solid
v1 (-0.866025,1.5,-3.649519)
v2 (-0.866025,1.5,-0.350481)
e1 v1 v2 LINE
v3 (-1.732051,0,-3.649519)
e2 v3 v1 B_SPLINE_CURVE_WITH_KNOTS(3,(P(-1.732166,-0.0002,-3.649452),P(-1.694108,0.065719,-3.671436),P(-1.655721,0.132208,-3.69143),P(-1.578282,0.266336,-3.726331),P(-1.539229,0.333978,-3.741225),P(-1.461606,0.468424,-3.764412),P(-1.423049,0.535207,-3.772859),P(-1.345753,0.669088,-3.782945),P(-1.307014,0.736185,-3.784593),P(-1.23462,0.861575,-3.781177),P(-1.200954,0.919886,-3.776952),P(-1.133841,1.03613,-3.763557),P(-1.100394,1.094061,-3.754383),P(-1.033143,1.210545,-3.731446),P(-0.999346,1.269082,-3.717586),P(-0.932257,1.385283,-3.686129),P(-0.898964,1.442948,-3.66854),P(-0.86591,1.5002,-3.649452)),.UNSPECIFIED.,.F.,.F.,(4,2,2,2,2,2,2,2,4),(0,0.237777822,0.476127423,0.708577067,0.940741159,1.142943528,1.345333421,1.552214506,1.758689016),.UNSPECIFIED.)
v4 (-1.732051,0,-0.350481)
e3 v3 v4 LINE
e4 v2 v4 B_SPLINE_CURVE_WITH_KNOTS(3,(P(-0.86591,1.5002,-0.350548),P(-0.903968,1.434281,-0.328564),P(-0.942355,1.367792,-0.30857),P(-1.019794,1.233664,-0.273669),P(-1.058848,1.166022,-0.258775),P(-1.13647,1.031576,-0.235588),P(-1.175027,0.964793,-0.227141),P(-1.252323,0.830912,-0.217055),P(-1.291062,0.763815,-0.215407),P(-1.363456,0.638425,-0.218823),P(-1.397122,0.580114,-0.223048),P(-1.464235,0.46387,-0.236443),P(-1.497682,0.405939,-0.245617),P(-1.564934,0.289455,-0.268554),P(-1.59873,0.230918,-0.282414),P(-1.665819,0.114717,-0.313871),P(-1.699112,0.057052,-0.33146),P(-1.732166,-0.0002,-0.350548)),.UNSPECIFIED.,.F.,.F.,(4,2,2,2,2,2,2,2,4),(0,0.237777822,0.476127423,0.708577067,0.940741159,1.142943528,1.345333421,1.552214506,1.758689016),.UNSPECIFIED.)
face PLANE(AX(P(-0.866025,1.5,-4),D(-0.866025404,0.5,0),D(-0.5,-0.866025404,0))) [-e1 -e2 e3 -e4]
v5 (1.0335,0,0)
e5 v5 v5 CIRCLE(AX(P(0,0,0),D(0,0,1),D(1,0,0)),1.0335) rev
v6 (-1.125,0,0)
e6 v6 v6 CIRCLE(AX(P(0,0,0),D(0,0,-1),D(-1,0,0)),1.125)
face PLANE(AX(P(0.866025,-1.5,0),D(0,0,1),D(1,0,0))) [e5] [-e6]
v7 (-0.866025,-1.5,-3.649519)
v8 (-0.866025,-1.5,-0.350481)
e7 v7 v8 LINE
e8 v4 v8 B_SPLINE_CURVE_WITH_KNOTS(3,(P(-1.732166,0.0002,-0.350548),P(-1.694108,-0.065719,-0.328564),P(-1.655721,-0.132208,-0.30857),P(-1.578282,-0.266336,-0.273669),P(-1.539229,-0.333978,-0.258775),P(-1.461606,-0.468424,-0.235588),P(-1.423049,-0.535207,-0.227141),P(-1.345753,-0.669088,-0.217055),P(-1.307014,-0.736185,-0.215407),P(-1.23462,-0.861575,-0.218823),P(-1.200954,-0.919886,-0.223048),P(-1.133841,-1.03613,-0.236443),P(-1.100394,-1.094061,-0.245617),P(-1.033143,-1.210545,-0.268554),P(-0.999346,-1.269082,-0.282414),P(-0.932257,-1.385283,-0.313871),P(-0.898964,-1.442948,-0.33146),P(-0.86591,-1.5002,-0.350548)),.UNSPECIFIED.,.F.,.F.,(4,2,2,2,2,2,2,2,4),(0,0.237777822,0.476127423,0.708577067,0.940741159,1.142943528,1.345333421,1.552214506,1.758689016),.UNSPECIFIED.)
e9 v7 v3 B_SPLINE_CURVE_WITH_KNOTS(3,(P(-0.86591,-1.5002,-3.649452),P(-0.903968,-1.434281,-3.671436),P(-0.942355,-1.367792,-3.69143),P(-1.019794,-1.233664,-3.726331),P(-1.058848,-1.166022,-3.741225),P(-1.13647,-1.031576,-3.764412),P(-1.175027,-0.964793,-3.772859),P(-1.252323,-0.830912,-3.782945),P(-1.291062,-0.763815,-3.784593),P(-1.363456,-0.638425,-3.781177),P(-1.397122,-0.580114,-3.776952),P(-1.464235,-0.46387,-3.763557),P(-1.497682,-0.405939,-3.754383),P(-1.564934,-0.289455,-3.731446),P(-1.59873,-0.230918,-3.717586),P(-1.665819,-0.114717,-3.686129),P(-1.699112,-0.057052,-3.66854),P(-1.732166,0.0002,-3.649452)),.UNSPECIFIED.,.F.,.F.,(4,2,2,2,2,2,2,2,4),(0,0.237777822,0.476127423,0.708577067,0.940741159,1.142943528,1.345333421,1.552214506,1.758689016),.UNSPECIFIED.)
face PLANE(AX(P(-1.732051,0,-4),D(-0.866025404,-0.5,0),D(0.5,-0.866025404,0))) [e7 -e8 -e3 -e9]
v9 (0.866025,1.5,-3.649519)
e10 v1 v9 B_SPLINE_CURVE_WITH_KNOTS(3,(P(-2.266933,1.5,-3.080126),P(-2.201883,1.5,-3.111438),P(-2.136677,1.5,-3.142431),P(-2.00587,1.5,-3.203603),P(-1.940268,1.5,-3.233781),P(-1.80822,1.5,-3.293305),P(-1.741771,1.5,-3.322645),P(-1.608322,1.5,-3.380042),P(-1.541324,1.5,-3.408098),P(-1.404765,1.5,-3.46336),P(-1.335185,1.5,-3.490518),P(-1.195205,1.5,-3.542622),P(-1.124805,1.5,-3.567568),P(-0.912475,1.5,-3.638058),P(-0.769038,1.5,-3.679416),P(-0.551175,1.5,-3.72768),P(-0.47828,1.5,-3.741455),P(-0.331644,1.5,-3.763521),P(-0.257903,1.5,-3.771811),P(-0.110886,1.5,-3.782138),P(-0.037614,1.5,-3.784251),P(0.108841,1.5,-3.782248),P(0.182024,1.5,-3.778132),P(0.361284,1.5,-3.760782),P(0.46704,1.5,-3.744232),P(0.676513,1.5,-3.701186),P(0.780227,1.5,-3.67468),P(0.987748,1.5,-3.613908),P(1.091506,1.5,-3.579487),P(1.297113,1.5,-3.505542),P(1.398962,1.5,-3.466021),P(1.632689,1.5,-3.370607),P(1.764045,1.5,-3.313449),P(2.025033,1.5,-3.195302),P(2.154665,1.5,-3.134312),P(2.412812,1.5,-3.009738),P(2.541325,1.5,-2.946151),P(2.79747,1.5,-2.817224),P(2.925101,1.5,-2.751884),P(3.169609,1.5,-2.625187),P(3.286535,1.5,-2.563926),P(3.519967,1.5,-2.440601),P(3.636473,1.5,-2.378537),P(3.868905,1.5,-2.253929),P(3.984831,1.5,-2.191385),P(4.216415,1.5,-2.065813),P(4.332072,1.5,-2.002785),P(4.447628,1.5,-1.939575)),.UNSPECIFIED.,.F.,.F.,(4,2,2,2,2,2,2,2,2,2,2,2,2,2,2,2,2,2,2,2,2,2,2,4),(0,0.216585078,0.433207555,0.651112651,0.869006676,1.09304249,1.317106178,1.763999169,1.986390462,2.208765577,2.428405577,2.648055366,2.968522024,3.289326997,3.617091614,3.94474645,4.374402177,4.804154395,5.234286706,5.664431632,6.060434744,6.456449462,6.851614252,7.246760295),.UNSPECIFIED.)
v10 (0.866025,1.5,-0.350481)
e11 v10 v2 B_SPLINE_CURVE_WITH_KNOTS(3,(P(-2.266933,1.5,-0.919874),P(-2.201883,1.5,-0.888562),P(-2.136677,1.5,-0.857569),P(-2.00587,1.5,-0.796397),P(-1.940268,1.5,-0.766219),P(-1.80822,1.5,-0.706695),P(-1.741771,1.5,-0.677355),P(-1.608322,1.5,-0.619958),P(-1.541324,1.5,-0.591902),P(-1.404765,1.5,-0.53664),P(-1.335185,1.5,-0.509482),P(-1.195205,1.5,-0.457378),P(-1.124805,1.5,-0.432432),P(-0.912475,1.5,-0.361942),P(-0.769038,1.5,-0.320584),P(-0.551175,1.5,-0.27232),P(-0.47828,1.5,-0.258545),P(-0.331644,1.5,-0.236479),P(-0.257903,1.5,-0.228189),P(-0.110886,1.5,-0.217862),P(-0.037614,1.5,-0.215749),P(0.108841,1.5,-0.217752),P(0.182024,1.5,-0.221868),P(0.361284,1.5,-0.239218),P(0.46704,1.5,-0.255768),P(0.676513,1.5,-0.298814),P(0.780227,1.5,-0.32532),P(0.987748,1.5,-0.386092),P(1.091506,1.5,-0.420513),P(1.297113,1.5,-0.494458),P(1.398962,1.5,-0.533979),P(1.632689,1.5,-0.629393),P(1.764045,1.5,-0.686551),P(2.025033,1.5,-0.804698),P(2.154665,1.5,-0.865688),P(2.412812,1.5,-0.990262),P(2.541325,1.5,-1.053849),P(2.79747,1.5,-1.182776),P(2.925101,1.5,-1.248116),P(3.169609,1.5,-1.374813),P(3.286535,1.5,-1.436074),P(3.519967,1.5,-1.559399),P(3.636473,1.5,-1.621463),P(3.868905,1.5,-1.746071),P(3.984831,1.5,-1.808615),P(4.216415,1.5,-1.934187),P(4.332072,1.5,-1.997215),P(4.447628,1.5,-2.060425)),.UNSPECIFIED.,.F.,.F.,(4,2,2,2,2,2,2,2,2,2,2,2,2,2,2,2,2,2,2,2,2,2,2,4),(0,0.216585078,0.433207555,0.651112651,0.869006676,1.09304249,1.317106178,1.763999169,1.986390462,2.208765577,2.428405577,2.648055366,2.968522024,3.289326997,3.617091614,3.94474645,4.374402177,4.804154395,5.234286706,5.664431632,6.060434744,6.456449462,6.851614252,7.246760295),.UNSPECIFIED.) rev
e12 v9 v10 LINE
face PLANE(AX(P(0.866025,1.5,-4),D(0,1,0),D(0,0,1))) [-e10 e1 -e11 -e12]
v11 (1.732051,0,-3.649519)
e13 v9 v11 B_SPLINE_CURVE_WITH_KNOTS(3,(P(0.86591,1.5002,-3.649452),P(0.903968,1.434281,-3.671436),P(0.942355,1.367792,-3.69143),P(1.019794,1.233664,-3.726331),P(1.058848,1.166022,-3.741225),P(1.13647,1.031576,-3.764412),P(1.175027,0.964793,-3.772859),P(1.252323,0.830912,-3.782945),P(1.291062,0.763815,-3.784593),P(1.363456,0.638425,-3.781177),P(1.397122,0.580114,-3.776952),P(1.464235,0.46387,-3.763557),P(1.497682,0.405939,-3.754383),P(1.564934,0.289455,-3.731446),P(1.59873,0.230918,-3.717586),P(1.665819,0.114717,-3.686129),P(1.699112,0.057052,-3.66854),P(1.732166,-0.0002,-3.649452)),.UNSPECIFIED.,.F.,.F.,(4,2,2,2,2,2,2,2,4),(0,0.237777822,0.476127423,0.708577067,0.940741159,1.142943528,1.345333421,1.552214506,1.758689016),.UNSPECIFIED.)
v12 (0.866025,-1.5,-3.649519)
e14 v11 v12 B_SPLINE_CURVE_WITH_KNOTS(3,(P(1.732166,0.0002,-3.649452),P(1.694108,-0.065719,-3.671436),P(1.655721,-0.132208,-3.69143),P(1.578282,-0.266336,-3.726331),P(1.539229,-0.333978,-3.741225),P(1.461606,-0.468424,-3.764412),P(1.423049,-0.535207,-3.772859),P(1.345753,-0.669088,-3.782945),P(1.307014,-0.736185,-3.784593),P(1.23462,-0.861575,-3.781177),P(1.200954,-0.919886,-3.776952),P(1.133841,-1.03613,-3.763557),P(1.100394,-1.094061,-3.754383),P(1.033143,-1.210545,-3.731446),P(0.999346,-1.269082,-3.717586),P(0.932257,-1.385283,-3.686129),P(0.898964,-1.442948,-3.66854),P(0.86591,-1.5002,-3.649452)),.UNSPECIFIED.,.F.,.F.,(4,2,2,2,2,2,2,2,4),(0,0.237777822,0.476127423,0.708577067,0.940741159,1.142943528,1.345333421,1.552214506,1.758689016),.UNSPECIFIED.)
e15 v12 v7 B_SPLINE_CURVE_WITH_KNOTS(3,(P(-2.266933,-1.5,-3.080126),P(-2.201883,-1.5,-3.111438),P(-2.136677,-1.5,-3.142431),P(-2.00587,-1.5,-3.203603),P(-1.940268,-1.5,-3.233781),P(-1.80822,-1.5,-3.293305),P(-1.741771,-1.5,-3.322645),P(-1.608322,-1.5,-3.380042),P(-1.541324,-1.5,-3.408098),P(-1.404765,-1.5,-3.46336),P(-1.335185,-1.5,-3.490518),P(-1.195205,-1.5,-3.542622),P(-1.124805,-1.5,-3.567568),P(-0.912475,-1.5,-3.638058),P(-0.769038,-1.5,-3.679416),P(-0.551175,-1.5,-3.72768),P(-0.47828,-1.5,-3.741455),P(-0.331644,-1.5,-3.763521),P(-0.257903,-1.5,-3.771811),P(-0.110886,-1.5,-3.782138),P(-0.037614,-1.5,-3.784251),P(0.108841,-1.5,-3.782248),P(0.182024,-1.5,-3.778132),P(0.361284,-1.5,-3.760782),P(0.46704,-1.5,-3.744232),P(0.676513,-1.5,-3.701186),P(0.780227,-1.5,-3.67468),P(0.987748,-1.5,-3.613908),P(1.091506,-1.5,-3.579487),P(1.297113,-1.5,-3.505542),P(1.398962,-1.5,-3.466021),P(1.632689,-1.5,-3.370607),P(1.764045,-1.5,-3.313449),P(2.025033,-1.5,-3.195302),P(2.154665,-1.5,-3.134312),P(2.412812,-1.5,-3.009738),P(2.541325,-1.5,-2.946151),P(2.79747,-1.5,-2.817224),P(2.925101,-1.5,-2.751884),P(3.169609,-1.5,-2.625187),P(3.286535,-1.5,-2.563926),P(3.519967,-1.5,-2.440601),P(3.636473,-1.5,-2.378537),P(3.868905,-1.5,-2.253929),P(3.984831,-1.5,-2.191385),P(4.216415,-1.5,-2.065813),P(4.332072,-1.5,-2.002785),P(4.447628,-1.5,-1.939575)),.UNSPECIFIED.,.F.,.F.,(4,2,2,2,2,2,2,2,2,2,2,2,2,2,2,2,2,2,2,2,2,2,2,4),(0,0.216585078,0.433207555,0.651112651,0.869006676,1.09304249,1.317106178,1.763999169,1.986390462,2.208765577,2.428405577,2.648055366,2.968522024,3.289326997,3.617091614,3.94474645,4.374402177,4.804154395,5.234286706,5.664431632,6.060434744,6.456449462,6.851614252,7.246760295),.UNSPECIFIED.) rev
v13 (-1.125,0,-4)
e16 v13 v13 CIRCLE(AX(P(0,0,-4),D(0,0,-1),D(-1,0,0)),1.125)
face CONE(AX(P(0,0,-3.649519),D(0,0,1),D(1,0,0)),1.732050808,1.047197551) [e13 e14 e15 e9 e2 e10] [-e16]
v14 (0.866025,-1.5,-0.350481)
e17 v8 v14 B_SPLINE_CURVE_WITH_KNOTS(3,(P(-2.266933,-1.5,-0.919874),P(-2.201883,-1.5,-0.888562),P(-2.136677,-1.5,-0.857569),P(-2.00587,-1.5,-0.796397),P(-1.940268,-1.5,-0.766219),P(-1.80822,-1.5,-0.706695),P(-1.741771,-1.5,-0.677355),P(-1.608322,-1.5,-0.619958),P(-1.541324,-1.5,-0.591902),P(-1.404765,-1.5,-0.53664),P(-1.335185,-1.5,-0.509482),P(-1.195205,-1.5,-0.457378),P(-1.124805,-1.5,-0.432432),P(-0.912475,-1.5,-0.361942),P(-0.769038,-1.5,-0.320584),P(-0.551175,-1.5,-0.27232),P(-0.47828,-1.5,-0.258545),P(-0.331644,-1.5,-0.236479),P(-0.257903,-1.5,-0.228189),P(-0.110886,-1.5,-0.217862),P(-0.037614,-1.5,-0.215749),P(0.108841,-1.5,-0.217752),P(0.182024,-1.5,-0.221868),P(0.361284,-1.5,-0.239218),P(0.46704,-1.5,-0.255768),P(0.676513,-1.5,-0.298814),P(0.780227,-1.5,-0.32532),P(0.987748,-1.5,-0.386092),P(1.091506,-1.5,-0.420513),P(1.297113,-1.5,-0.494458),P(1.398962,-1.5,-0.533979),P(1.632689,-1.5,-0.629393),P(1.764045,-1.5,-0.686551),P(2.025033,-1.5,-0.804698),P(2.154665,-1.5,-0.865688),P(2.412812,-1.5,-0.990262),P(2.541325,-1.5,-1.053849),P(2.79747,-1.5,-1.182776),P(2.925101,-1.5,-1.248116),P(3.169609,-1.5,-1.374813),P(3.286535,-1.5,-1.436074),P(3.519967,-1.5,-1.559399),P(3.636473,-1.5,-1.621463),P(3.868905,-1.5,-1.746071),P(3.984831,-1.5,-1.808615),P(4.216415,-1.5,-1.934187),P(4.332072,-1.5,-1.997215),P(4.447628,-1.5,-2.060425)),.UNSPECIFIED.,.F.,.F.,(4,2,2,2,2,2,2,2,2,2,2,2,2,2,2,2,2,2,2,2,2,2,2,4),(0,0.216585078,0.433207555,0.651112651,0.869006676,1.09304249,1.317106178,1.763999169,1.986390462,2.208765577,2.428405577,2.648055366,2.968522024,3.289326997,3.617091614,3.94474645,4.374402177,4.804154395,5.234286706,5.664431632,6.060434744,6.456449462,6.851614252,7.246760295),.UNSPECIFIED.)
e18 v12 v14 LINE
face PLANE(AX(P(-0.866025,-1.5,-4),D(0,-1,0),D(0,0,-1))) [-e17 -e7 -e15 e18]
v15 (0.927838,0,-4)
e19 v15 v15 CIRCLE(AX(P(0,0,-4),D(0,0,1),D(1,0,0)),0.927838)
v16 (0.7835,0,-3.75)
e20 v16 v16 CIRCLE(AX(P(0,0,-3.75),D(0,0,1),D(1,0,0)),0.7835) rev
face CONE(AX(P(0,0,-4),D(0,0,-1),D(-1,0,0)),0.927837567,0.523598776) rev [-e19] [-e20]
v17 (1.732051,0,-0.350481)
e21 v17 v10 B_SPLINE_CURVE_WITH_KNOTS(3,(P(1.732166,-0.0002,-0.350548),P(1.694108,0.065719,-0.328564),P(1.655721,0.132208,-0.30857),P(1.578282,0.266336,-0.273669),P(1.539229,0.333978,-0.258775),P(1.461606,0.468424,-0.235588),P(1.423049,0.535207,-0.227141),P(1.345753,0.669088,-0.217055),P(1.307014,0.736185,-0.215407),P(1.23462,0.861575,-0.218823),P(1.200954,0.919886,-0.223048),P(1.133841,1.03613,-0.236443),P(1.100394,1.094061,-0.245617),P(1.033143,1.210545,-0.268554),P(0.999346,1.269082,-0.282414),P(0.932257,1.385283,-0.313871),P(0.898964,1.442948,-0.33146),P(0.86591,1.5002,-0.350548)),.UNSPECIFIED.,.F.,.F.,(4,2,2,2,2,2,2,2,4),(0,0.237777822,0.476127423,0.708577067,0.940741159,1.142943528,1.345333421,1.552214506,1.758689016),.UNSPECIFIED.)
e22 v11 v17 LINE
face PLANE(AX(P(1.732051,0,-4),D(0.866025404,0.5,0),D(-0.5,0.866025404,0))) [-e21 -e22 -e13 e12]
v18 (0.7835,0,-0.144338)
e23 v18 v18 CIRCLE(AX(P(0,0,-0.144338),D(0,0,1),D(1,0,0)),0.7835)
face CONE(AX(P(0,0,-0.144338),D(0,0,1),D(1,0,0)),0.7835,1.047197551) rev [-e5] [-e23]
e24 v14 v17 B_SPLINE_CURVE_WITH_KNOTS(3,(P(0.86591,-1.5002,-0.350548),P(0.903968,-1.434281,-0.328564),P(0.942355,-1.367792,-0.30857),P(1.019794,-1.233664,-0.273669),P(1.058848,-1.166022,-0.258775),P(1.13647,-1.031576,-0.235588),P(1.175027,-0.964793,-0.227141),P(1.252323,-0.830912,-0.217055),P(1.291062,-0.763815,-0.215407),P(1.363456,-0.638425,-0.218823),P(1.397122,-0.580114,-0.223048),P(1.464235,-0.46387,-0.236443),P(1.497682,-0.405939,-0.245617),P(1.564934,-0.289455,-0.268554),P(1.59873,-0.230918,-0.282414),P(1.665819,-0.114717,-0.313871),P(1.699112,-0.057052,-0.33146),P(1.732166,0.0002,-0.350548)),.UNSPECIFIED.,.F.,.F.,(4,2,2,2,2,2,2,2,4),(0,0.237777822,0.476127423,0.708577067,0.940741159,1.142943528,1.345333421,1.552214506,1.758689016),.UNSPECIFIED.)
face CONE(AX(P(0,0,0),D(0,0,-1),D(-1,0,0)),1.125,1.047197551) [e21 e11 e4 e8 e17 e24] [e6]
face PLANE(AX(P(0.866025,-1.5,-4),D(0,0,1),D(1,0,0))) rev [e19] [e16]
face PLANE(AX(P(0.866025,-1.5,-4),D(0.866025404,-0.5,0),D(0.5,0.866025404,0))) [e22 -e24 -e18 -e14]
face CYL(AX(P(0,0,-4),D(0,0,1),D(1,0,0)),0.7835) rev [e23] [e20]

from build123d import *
from OCP.BRepFilletAPI import BRepFilletAPI_MakeChamfer

# Parameters (mm, degrees)
SKETCH1_R        = 0.7835
BASENUT_DEPTH    = 4
ENDCHAMFER_SIZE  = 0.25
ENDCHAMFER_SIZE2 = 0.144337567


with BuildPart() as part:
    # Sketch1 → BaseNut (new body)
    with BuildSketch(Plane.XY):
        Polygon((0.866025404, -1.5), (1.732050808, 0), (0.866025404, 1.5), (-0.866025404, 1.5), (-1.732050808, 0), (-0.866025404, -1.5), align=None)
        Circle(SKETCH1_R, mode=Mode.SUBTRACT)
    extrude(amount=-BASENUT_DEPTH)

    # Sketch2 → Double-Chamfer (revolve, cut)
    with BuildSketch(Plane(origin=(0, 0, 0), x_dir=(1, 0, 0), z_dir=(0, 1, 0))):
        Polygon((-1.732050808, 4), (-1.125, 4), (-1.732050808, 3.649519053), align=None)
        Polygon((-1.732050808, 0.350480947), (-1.732050808, 0), (-1.125, 0), align=None)
    revolve(axis=Axis((0, 0, -9.817107763), (0, 0, 1)), mode=Mode.SUBTRACT)

    # EndChamfer: one chamfer whose edges measure the first distance from different faces: ONE call of the kernel's chamfer builder (chamfer() names one face for all edges)
    endchamfer_edges_1 = [part.edges().sort_by_distance(p)[0] for p in [
        (-0.7835, 0, -4),
    ]]
    endchamfer_side_1 = [part.faces().sort_by_distance(p)[0] for p in [
        (-0.7835, 0, -2),
    ]]
    endchamfer_edges_2 = [part.edges().sort_by_distance(p)[0] for p in [
        (-0.7835, 0, 0),
    ]]
    endchamfer_side_2 = [part.faces().sort_by_distance(p)[0] for p in [
        (1.093180195, 0, 0),
    ]]
    endchamfer = BRepFilletAPI_MakeChamfer(part.part.solid().wrapped)
    for e in endchamfer_edges_1:
        endchamfer.Add(ENDCHAMFER_SIZE, ENDCHAMFER_SIZE2, e.wrapped, endchamfer_side_1[0].wrapped)  # the first distance lies on this face
    for e in endchamfer_edges_2:
        endchamfer.Add(ENDCHAMFER_SIZE, ENDCHAMFER_SIZE2, e.wrapped, endchamfer_side_2[0].wrapped)  # the first distance lies on this face
    add(Compound.cast(endchamfer.Shape()), mode=Mode.REPLACE)


solid = part.part
